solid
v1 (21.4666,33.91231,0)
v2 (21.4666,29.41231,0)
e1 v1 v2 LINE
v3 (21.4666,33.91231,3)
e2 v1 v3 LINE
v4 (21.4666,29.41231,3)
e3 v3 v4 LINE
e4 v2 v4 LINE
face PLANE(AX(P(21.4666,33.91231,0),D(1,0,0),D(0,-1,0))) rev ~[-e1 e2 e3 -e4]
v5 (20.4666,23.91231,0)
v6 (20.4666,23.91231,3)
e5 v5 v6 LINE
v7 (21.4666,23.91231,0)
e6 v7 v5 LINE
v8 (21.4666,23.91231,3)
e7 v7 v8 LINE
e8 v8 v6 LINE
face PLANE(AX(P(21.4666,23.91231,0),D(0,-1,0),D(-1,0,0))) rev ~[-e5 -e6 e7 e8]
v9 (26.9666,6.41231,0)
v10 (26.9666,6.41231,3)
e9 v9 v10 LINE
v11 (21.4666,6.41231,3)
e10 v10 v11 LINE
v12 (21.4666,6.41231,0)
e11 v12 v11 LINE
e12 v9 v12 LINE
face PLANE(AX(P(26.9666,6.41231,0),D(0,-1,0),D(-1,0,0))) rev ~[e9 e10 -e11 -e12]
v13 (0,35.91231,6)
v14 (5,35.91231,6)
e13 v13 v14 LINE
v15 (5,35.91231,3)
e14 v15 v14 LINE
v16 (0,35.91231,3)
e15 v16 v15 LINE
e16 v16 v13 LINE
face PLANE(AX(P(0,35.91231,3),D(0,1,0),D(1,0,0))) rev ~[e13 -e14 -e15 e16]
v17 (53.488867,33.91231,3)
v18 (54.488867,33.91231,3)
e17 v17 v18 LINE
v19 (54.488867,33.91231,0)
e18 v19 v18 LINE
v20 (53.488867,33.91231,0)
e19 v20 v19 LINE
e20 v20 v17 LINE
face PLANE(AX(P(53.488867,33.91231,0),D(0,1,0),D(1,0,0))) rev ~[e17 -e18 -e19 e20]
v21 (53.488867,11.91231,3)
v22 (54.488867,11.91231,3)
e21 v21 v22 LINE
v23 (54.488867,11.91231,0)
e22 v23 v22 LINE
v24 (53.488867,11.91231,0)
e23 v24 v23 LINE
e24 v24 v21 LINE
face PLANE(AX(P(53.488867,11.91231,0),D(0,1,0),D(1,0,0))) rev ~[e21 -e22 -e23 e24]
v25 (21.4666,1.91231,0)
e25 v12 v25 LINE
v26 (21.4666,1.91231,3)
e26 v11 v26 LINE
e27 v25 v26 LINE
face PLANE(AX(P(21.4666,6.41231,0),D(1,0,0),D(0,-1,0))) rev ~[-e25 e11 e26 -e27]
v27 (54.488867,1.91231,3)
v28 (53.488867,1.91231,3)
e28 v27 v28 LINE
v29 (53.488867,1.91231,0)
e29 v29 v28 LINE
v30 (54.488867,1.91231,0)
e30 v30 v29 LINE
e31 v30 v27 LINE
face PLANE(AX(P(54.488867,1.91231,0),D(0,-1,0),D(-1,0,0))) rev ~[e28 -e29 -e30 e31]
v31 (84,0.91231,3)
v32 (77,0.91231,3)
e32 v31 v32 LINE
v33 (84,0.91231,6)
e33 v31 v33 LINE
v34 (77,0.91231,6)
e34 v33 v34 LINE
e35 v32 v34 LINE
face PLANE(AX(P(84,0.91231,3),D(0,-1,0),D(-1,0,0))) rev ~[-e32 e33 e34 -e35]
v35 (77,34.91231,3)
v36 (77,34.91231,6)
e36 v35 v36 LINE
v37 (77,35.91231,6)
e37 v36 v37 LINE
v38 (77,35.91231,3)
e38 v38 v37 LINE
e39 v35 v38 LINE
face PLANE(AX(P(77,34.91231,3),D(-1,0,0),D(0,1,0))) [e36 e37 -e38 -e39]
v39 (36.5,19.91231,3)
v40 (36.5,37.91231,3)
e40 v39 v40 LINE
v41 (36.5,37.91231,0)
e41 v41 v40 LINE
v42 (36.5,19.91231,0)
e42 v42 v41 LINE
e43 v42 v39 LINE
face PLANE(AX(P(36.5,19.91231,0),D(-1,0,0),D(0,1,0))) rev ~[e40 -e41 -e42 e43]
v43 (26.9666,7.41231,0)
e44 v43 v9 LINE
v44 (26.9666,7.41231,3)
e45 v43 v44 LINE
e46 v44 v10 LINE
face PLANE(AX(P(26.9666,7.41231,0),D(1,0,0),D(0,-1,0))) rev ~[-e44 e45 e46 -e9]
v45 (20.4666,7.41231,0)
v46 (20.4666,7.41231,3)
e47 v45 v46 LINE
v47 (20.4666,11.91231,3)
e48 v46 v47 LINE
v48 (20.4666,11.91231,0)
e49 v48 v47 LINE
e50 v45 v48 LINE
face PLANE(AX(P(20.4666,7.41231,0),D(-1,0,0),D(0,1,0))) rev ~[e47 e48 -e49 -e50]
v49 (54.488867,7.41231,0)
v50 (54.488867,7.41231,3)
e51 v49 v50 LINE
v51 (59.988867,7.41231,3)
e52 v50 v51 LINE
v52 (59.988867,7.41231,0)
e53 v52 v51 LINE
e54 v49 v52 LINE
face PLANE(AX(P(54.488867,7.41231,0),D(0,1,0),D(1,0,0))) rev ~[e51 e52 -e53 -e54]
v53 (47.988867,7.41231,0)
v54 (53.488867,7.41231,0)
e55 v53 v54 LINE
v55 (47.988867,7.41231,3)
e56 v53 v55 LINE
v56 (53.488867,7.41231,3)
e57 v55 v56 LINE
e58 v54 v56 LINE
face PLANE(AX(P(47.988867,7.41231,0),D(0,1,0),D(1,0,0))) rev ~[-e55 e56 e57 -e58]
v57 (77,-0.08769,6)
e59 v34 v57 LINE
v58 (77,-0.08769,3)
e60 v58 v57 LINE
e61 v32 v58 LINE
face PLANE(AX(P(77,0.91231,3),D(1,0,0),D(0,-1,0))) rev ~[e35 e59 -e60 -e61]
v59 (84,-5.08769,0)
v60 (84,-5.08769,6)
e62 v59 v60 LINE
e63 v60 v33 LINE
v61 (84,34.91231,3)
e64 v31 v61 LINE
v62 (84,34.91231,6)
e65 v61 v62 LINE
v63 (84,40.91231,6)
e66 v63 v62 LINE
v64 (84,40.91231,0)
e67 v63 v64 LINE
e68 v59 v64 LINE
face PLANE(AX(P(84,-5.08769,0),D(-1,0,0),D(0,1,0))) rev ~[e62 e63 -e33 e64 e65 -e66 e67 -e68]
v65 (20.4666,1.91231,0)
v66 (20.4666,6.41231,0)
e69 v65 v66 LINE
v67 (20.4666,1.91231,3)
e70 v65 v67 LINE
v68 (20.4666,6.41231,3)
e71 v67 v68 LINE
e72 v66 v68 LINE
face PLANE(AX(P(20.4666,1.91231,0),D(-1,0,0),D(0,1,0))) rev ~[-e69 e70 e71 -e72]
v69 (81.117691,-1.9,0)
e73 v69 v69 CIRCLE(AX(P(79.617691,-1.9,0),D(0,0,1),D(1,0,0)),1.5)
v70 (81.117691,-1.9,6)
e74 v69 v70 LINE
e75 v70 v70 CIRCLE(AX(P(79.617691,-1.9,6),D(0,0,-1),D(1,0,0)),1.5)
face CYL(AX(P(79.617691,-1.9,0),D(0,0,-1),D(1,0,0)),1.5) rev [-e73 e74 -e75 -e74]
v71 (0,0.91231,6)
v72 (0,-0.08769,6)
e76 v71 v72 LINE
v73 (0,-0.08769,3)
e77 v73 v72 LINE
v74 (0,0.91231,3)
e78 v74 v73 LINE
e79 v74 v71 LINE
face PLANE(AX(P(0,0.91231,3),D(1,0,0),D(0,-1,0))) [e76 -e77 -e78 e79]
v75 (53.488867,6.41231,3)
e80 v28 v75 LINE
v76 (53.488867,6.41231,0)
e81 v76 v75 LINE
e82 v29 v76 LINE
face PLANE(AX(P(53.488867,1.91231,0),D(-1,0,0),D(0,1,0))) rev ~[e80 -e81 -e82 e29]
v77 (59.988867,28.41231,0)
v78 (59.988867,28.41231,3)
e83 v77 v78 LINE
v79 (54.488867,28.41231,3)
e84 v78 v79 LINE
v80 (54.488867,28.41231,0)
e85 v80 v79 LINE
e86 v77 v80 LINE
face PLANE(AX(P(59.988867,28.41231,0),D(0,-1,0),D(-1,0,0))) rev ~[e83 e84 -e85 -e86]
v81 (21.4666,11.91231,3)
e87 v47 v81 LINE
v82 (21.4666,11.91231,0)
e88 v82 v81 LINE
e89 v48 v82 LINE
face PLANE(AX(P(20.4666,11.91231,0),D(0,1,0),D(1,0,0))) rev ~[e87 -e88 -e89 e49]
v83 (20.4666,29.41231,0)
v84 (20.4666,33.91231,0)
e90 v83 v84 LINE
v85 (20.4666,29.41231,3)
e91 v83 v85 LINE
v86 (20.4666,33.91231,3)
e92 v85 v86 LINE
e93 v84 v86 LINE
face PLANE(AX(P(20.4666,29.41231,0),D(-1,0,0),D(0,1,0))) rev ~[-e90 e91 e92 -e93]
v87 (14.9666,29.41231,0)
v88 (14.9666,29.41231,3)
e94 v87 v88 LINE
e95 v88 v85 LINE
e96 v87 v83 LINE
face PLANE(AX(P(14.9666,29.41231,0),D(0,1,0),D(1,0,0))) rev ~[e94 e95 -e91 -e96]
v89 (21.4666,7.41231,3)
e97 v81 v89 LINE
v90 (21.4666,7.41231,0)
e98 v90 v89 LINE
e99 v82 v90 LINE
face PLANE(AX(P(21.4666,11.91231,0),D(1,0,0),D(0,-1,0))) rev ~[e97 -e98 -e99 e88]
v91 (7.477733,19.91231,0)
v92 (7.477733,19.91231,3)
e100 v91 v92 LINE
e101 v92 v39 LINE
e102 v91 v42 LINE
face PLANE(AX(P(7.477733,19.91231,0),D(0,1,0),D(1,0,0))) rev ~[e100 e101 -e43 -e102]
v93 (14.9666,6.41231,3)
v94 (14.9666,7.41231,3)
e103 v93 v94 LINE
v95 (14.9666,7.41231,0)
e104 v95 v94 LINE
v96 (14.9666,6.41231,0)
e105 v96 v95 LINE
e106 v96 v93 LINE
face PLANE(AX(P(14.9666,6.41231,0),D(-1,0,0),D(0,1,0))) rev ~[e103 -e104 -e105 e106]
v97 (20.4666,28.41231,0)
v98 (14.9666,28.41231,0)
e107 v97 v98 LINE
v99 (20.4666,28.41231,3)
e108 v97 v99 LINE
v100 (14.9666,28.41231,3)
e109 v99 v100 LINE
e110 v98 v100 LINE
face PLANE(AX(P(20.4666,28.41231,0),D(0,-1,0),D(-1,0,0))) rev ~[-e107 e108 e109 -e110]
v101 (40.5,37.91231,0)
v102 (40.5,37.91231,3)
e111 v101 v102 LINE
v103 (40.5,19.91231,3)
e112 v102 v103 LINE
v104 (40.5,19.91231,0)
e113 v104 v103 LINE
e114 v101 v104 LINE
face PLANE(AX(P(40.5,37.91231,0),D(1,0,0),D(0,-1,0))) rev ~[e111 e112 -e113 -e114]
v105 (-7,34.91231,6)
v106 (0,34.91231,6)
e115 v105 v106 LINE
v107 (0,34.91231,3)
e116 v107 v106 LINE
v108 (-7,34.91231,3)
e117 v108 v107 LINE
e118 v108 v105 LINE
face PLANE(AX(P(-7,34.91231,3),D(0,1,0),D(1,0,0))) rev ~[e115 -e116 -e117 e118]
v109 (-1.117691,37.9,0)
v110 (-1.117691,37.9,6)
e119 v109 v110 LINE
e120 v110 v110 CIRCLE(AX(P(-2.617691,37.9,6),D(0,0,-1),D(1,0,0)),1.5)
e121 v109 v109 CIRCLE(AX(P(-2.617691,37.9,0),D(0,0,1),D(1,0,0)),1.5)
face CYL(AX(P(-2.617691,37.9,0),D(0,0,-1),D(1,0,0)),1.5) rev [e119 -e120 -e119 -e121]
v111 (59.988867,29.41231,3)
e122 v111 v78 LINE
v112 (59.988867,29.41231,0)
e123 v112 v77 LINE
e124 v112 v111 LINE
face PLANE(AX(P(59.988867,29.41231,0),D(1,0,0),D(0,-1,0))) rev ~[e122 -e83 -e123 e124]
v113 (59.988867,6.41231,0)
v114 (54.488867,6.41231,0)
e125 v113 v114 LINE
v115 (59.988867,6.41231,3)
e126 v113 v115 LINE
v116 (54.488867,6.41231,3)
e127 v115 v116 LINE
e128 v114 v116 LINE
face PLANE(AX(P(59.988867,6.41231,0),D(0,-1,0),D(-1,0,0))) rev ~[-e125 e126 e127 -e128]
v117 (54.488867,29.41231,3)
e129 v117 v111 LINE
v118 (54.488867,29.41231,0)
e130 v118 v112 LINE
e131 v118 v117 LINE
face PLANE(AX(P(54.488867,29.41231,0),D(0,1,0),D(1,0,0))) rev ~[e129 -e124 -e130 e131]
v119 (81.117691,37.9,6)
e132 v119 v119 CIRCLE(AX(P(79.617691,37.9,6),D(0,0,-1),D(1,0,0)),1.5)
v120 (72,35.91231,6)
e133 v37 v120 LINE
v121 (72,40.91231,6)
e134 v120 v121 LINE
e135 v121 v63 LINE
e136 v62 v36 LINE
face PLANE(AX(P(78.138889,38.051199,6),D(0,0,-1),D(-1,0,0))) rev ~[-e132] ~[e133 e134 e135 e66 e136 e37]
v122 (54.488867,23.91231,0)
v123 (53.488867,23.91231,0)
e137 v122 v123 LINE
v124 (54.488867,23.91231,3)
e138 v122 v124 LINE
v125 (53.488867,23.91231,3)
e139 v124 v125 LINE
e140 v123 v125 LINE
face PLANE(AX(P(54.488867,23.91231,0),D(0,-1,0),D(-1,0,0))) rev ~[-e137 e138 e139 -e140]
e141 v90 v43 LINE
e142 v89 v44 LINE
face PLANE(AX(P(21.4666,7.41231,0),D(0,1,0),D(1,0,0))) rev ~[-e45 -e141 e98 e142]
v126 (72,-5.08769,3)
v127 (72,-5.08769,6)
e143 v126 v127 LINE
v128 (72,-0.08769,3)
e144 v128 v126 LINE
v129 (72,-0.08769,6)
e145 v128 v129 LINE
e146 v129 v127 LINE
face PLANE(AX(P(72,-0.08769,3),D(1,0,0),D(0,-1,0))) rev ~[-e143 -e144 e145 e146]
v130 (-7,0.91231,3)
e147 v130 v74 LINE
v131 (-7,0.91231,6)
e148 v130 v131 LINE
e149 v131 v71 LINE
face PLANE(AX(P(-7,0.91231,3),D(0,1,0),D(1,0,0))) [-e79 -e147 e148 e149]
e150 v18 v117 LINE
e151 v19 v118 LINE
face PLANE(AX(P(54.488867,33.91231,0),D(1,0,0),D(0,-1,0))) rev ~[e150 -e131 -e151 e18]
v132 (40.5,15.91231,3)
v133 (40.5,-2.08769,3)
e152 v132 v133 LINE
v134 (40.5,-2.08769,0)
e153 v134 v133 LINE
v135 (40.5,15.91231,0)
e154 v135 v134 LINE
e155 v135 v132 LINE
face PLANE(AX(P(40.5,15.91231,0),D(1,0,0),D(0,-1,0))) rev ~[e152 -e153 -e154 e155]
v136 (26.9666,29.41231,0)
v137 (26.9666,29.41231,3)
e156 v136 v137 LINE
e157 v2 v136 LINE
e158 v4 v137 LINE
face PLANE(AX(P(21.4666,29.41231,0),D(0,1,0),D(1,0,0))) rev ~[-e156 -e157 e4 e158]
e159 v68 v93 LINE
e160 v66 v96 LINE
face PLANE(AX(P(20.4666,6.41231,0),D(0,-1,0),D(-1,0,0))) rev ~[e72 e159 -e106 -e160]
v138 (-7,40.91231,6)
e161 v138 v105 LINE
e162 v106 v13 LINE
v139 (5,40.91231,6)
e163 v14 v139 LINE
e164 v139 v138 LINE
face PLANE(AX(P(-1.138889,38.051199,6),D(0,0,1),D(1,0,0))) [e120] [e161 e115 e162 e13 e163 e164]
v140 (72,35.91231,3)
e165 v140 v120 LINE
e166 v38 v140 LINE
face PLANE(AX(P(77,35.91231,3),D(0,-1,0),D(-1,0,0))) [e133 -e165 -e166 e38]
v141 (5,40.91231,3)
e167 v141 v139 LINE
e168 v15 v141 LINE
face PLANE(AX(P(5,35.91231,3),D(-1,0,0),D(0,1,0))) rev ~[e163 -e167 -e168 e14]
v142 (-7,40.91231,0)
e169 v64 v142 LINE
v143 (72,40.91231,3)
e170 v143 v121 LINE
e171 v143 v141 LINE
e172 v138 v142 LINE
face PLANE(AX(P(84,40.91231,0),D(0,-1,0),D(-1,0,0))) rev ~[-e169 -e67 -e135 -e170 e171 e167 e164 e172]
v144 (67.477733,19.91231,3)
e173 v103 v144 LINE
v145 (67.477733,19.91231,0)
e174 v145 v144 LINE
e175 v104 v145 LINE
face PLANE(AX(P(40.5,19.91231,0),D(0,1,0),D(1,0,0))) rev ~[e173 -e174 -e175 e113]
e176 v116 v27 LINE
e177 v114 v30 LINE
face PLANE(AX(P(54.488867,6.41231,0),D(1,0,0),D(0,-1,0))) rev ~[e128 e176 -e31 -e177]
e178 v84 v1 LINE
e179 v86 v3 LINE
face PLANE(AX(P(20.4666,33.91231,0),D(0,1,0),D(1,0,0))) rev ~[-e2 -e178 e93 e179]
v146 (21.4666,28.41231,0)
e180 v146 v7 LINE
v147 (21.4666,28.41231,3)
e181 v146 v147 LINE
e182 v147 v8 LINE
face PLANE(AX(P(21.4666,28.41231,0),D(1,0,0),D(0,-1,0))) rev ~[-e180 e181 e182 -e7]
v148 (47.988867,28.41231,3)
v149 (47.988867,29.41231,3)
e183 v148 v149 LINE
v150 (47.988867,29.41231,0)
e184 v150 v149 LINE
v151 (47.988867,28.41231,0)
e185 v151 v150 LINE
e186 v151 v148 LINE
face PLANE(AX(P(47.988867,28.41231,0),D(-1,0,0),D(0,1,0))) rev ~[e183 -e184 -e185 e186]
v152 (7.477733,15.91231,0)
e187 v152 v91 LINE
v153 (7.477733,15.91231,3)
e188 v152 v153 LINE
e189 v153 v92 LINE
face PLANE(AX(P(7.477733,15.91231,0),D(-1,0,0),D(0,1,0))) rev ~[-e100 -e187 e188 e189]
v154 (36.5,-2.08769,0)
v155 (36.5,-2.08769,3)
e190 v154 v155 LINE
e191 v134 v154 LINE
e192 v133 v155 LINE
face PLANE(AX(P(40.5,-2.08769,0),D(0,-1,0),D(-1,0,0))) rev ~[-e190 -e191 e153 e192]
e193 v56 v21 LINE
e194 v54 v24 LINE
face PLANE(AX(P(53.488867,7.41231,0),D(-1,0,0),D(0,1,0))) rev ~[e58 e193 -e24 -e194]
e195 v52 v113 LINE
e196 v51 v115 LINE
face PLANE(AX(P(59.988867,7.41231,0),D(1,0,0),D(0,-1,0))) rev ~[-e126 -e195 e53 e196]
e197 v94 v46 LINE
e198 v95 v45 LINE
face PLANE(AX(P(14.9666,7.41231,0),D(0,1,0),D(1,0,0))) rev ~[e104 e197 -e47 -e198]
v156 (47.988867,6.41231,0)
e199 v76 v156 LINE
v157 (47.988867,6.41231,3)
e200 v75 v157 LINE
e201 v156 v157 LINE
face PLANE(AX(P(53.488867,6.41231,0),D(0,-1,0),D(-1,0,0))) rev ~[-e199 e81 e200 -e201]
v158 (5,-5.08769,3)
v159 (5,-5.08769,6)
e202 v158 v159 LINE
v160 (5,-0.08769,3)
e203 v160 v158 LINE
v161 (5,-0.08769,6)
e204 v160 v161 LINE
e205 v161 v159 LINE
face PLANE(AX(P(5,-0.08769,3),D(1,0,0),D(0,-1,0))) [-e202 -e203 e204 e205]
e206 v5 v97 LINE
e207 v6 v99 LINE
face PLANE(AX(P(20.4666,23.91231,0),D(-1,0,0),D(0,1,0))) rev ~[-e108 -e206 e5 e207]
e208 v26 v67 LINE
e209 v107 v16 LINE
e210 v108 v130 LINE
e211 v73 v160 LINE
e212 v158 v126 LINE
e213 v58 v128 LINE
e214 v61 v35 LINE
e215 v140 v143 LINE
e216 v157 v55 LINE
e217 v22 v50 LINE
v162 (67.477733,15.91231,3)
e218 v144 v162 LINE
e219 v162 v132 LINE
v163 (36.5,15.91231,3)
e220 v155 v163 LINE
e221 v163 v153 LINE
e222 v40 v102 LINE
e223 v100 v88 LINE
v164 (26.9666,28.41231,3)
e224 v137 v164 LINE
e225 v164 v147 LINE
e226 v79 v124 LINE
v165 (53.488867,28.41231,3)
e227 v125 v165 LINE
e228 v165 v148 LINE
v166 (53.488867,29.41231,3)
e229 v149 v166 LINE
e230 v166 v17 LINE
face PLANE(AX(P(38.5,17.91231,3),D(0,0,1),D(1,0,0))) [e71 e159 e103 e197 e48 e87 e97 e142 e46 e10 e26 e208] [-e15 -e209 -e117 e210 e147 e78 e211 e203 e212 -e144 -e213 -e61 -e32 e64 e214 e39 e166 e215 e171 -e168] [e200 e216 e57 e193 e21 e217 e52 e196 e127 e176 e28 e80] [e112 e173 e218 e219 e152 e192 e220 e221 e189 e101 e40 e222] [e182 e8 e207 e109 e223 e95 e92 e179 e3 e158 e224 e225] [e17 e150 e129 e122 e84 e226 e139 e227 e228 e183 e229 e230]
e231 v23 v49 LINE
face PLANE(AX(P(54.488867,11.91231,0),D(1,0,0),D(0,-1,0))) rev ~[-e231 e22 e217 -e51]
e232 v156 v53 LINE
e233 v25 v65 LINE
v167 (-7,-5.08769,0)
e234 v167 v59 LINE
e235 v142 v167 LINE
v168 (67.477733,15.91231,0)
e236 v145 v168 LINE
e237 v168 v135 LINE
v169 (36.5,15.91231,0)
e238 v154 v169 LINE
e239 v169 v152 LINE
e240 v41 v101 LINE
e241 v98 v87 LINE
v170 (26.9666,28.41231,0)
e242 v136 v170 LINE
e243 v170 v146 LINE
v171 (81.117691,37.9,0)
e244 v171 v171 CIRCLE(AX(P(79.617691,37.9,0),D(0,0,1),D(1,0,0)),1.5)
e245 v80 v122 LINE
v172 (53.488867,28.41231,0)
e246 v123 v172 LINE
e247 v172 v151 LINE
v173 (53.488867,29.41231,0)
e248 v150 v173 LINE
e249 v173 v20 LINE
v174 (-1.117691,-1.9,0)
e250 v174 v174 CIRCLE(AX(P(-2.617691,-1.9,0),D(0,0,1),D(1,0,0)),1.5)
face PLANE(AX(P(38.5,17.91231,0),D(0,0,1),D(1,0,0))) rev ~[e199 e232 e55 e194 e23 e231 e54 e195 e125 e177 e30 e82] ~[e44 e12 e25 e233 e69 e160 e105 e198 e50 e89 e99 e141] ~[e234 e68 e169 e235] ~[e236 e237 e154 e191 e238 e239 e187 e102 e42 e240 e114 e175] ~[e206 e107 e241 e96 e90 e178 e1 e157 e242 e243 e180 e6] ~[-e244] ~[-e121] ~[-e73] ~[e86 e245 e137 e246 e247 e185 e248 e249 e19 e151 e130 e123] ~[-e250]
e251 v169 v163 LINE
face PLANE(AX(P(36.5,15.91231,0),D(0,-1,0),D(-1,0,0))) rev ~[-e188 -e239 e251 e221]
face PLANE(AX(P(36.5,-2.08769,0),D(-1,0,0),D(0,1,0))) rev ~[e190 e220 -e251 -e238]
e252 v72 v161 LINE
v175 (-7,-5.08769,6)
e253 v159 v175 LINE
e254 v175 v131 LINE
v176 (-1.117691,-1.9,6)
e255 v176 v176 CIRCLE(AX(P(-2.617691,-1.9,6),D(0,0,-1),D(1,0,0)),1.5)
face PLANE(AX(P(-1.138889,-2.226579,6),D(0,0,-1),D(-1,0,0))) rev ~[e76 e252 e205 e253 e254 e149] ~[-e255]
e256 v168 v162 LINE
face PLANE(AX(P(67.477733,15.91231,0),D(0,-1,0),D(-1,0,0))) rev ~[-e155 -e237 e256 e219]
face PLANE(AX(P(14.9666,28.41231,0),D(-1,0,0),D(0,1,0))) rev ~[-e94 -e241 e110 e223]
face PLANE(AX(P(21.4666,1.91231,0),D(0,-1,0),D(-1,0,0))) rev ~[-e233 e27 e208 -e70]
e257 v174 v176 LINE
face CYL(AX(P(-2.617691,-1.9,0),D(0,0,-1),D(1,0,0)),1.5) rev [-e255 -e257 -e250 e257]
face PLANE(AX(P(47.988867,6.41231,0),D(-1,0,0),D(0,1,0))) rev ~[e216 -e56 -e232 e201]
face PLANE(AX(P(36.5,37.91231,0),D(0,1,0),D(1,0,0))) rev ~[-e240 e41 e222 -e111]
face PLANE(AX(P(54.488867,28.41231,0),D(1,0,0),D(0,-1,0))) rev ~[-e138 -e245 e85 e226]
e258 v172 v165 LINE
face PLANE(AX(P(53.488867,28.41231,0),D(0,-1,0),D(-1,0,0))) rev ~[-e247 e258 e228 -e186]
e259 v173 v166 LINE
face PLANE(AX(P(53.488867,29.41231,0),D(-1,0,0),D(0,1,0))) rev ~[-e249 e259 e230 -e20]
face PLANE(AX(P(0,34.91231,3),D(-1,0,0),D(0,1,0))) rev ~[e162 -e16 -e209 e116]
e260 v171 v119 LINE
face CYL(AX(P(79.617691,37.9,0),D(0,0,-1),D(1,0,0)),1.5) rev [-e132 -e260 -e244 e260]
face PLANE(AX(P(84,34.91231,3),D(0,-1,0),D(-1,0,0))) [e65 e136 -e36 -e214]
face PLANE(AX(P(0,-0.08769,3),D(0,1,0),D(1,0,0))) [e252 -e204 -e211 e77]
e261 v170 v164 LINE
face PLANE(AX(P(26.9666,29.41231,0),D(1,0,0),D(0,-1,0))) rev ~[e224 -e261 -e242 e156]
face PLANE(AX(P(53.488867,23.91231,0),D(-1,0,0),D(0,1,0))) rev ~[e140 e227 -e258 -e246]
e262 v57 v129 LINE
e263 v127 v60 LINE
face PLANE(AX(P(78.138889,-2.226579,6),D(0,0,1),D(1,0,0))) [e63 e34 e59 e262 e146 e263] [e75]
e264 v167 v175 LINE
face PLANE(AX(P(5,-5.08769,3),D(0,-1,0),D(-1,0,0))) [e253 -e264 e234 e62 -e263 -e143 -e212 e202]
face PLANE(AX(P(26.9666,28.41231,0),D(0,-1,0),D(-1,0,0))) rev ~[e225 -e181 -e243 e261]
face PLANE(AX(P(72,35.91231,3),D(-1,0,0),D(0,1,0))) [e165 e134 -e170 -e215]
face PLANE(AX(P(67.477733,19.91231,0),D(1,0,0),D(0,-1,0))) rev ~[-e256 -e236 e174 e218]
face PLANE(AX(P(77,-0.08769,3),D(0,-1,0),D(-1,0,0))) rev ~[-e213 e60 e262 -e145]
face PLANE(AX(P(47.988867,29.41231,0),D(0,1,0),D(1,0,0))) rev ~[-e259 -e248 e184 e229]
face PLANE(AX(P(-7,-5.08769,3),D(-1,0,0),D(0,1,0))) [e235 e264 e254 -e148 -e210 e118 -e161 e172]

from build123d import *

# Parameters (mm, degrees)
BOSS_EXTRUDE1_DEPTH = 3
BOSS_EXTRUDE2_DEPTH = 3
SKETCH5_R           = 1.5
CUT_EXTRUDE7_DEPTH  = 7
SKETCH5_26_R        = 1.5
CUT_EXTRUDE8_DEPTH  = 7


with BuildPart() as part:
    # Sketch1 → Boss-Extrude1 (new body)
    with BuildSketch(Plane.XY):
        Polygon((-7, 40.912310071), (-7, 30.912310071), (-7, 4.912310071), (-7, -5.087689929), (5, -5.087689929), (69.955466391, -5.087689929), (84, -5.087689929), (84, 4.912310071), (84, 30.912310071), (84, 40.912310071), (69.955466391, 40.912310071), (5, 40.912310071), align=None)
        Polygon((20.466599793, 11.912310071), (21.466599793, 11.912310071), (21.466599793, 7.412310071), (26.966599793, 7.412310071), (26.966599793, 6.412310071), (21.466599793, 6.412310071), (21.466599793, 1.912310071), (20.466599793, 1.912310071), (20.466599793, 6.412310071), (14.966599793, 6.412310071), (14.966599793, 7.412310071), (20.466599793, 7.412310071), align=None, mode=Mode.SUBTRACT)
        Polygon((53.488866598, 7.412310071), (53.488866598, 11.912310071), (54.488866598, 11.912310071), (54.488866598, 7.412310071), (59.988866598, 7.412310071), (59.988866598, 6.412310071), (54.488866598, 6.412310071), (54.488866598, 1.912310071), (53.488866598, 1.912310071), (53.488866598, 6.412310071), (47.988866598, 6.412310071), (47.988866598, 7.412310071), align=None, mode=Mode.SUBTRACT)
        Polygon((40.5, 37.912310071), (40.5, 19.912310071), (67.477733195, 19.912310071), (67.477733195, 15.912310071), (40.5, 15.912310071), (40.5, -2.087689929), (36.5, -2.087689929), (36.5, 15.912310071), (7.477733195, 15.912310071), (7.477733195, 19.912310071), (36.5, 19.912310071), (36.5, 37.912310071), align=None, mode=Mode.SUBTRACT)
        Polygon((21.466599793, 28.412310071), (21.466599793, 23.912310071), (20.466599793, 23.912310071), (20.466599793, 28.412310071), (14.966599793, 28.412310071), (14.966599793, 29.412310071), (20.466599793, 29.412310071), (20.466599793, 33.912310071), (21.466599793, 33.912310071), (21.466599793, 29.412310071), (26.966599793, 29.412310071), (26.966599793, 28.412310071), align=None, mode=Mode.SUBTRACT)
        Polygon((54.488866598, 23.912310071), (53.488866598, 23.912310071), (53.488866598, 28.412310071), (47.988866598, 28.412310071), (47.988866598, 29.412310071), (53.488866598, 29.412310071), (53.488866598, 33.912310071), (54.488866598, 33.912310071), (54.488866598, 29.412310071), (59.988866598, 29.412310071), (59.988866598, 28.412310071), (54.488866598, 28.412310071), align=None, mode=Mode.SUBTRACT)
    extrude(amount=BOSS_EXTRUDE1_DEPTH)

    # Sketch3 → Boss-Extrude2 (add)
    with BuildSketch(Plane.XY.offset(3)):
        Polygon((-7, -5.087689929), (-7, 0.912310071), (0, 0.912310071), (0, -0.087689929), (5, -0.087689929), (5, -5.087689929), align=None)
        Polygon((0, 35.912310071), (5, 35.912310071), (5, 40.912310071), (-7, 40.912310071), (-7, 34.912310071), (0, 34.912310071), align=None)
        Polygon((77, -0.087689929), (72, -0.087689929), (72, -5.087689929), (84, -5.087689929), (84, 0.912310071), (77, 0.912310071), align=None)
        Polygon((77, 34.912310071), (77, 35.912310071), (72, 35.912310071), (72, 40.912310071), (84, 40.912310071), (84, 34.912310071), align=None)
    extrude(amount=BOSS_EXTRUDE2_DEPTH)

    # Sketch5 → Cut-Extrude7 (cut, through all)
    with BuildSketch(Plane.XY):
        with Locations((79.617691454, -1.9)):
            Circle(SKETCH5_R)
    extrude(amount=CUT_EXTRUDE7_DEPTH, mode=Mode.SUBTRACT)

    # Sketch5<26> → Cut-Extrude8 (cut, through all)
    with BuildSketch(Plane.XY):
        with Locations((-2.617691454, 37.9)):
            Circle(SKETCH5_26_R)
        with Locations((-2.617691454, -1.9)):
            Circle(SKETCH5_26_R)
        with Locations((79.617691454, 37.9)):
            Circle(SKETCH5_26_R)
    extrude(amount=CUT_EXTRUDE8_DEPTH, mode=Mode.SUBTRACT)


solid = part.part
